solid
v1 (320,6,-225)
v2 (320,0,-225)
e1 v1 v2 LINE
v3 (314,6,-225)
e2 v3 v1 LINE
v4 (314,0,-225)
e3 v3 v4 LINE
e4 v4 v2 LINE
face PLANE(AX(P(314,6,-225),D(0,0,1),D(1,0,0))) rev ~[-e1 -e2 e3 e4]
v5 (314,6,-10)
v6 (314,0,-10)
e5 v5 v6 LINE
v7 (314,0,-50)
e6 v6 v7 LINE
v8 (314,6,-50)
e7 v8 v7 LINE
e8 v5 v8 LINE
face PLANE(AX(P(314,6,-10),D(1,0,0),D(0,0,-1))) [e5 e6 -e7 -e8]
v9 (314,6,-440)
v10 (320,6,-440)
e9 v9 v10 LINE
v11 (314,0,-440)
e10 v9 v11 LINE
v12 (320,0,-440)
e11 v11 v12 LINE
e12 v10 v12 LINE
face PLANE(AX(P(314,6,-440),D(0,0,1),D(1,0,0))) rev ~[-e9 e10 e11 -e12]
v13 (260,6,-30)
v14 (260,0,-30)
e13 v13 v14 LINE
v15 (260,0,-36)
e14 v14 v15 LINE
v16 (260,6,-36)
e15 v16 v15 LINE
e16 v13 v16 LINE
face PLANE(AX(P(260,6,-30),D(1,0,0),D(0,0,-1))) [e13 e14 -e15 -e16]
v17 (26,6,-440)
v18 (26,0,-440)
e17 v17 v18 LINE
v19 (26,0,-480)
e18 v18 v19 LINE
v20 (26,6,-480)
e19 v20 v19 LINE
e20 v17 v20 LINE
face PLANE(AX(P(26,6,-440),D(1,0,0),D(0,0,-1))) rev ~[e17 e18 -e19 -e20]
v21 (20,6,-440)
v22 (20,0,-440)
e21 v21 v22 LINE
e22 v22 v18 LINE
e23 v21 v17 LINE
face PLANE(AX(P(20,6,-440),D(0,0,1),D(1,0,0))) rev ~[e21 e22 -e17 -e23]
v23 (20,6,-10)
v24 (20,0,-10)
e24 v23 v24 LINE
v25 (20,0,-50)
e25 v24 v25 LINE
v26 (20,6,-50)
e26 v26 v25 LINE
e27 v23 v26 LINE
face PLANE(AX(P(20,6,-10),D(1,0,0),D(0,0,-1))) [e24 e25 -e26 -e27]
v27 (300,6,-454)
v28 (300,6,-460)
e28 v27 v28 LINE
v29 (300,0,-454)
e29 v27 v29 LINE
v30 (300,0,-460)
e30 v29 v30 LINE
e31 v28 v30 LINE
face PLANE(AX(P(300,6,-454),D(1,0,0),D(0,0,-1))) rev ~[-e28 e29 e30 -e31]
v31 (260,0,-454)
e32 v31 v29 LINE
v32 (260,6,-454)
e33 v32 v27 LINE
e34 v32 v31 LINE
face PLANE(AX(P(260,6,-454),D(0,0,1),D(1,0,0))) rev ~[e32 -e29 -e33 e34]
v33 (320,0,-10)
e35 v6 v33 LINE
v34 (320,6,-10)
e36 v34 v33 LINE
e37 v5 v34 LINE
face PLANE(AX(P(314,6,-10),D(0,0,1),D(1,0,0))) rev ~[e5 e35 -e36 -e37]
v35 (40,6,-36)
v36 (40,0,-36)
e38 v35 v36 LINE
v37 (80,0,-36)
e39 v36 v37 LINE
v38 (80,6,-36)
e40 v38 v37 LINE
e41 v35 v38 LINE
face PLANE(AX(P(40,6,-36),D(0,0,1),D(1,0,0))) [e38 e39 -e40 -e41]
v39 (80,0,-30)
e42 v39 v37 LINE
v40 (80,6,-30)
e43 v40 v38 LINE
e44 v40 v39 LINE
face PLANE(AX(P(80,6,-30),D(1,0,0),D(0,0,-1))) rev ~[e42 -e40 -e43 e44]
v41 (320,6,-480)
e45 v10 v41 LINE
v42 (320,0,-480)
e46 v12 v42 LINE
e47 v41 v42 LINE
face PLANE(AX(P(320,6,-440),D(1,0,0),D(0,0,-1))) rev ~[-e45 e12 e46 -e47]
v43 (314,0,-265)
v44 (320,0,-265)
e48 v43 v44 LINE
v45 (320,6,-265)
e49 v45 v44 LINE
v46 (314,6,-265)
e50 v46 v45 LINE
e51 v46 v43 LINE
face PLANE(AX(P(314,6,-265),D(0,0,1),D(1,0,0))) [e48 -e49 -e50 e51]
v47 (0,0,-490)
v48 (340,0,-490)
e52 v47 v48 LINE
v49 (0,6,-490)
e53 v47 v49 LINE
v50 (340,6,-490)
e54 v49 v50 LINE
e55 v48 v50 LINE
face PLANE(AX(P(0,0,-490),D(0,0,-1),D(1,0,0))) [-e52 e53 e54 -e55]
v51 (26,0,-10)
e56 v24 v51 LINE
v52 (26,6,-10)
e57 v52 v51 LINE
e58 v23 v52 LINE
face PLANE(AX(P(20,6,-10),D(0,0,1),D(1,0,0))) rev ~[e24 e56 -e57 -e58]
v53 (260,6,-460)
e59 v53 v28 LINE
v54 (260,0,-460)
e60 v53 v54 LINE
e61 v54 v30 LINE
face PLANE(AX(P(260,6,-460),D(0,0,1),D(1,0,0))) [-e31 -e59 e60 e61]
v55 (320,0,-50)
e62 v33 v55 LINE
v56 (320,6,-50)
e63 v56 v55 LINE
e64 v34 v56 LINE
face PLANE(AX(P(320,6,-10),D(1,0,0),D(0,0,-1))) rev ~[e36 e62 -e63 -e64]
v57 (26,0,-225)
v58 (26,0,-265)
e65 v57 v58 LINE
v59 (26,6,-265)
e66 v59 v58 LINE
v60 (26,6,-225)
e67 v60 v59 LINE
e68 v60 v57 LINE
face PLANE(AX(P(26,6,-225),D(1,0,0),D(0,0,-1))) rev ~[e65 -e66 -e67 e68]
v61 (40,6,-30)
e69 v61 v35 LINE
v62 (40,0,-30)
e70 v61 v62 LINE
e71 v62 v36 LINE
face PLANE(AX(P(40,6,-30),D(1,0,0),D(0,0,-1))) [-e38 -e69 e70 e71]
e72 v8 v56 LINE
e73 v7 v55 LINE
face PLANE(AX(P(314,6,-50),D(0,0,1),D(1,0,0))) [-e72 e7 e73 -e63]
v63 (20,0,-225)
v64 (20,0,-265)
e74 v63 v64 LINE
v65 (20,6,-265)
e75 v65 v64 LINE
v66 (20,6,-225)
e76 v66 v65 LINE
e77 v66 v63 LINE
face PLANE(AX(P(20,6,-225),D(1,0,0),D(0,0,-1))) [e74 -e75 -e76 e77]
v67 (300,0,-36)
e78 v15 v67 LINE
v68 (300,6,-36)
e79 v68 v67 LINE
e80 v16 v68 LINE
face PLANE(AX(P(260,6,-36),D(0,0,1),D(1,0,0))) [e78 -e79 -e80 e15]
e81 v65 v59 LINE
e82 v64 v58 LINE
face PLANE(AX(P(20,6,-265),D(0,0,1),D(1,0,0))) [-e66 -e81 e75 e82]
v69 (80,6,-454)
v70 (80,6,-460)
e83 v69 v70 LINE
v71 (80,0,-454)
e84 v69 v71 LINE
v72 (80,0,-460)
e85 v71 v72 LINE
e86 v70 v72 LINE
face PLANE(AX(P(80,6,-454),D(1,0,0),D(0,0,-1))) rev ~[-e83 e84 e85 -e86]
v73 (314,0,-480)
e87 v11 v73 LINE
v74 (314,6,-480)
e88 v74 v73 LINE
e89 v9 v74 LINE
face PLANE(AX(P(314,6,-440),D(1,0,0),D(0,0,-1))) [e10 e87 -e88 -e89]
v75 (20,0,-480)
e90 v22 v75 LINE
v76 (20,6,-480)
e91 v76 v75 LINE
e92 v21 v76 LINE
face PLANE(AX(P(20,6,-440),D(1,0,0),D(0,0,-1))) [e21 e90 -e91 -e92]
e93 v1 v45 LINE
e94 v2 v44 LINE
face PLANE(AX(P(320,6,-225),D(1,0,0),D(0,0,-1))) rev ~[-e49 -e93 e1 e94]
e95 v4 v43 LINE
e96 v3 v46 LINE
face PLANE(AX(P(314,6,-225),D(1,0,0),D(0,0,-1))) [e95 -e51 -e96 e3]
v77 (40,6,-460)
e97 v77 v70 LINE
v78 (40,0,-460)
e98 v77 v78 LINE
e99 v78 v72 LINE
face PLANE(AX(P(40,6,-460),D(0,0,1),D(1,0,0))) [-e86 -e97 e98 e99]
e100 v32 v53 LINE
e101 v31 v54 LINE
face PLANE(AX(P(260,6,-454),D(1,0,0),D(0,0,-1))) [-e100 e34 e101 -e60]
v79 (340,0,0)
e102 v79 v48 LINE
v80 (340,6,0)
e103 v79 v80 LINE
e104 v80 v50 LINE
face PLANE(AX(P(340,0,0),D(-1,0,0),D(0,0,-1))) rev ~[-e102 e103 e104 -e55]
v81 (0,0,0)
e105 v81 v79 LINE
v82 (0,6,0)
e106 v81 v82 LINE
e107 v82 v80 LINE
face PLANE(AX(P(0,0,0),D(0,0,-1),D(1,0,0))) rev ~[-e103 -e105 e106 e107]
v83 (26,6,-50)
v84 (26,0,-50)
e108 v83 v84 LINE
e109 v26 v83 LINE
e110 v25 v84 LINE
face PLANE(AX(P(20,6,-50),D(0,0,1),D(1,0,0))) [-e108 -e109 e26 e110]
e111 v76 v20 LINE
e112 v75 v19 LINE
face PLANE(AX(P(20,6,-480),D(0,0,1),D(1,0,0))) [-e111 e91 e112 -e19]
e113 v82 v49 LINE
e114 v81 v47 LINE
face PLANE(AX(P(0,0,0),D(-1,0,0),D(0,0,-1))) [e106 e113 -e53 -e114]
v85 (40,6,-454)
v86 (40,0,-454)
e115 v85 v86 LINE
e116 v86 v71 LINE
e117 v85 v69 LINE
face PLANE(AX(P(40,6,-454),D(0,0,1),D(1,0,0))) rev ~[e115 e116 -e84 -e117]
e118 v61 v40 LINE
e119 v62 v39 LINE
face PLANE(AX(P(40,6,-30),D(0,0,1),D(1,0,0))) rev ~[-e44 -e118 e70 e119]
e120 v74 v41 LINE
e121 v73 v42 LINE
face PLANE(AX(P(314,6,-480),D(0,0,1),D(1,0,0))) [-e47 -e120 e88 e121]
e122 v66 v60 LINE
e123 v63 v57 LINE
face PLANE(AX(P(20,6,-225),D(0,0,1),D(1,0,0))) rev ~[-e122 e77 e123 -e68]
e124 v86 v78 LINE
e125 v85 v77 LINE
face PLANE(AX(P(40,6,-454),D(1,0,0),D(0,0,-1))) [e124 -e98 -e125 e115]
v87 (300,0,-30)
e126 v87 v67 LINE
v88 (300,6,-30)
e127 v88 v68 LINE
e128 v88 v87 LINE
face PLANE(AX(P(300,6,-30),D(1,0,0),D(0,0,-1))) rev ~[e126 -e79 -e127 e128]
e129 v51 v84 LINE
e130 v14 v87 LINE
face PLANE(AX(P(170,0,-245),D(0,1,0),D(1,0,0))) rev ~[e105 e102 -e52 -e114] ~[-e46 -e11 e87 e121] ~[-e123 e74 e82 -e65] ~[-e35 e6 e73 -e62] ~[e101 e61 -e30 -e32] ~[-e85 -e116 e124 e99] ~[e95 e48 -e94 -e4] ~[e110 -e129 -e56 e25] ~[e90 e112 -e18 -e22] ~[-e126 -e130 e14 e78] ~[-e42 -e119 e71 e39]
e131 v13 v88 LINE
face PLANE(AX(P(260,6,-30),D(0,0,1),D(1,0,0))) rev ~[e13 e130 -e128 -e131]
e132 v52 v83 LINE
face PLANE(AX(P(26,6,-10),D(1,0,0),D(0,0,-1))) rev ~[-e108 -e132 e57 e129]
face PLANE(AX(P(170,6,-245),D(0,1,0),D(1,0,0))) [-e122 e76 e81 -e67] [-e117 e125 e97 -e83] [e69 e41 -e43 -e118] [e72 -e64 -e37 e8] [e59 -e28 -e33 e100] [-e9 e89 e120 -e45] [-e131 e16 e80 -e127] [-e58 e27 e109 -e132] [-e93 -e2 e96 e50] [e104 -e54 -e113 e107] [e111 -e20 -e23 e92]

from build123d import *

# Parameters (mm, degrees)
SKETCH1_W            = 340
SKETCH1_H            = 490
BOSS_EXTRUDE1_DEPTH  = 6
SKETCH2_W            = 6
SKETCH2_H            = 40
CUT_EXTRUDE1_DEPTH   = 6
LPATTERN1_COUNT      = 2
LPATTERN1_PITCH      = 294
LPATTERN1_COUNT_DIR2 = 3
LPATTERN1_PITCH_DIR2 = 215
SKETCH3_W            = 40
SKETCH3_H            = 6
CUT_EXTRUDE2_DEPTH   = 10
LPATTERN2_COUNT      = 2
LPATTERN2_PITCH      = 220
LPATTERN2_COUNT_DIR2 = 2
LPATTERN2_PITCH_DIR2 = 424


with BuildPart() as part:
    # Sketch1 → Boss-Extrude1 (new body)
    with BuildSketch(Plane(origin=(0, 0, 0), x_dir=(1, 0, 0), z_dir=(0, 1, 0))):
        with Locations((170, 245)):
            Rectangle(SKETCH1_W, SKETCH1_H)
    extrude(amount=BOSS_EXTRUDE1_DEPTH)

    # Sketch2 → Cut-Extrude1 (cut)
    with BuildSketch(Plane(origin=(0, 6, 0), x_dir=(1, 0, 0), z_dir=(0, 1, 0))):
        with Locations((23, 460)):
            Rectangle(SKETCH2_W, SKETCH2_H)
    cut_extrude1 = extrude(amount=-CUT_EXTRUDE1_DEPTH, mode=Mode.SUBTRACT)

    # LPattern1: Cut-Extrude1 2 × 3
    with Locations(*[(i * LPATTERN1_PITCH, 0, j * LPATTERN1_PITCH_DIR2) for i in range(LPATTERN1_COUNT) for j in range(LPATTERN1_COUNT_DIR2) if (i, j) != (0, 0)]):
        add(cut_extrude1, mode=Mode.SUBTRACT)

    # Sketch3 → Cut-Extrude2 (cut)
    with BuildSketch(Plane(origin=(0, 6, 0), x_dir=(1, 0, 0), z_dir=(0, 1, 0))):
        with Locations((280, 457)):
            Rectangle(SKETCH3_W, SKETCH3_H)
    cut_extrude2 = extrude(amount=-CUT_EXTRUDE2_DEPTH, mode=Mode.SUBTRACT)

    # LPattern2: Cut-Extrude2 2 × 2
    with Locations(*[(-i * LPATTERN2_PITCH, 0, j * LPATTERN2_PITCH_DIR2) for i in range(LPATTERN2_COUNT) for j in range(LPATTERN2_COUNT_DIR2) if (i, j) != (0, 0)]):
        add(cut_extrude2, mode=Mode.SUBTRACT)


solid = part.part
